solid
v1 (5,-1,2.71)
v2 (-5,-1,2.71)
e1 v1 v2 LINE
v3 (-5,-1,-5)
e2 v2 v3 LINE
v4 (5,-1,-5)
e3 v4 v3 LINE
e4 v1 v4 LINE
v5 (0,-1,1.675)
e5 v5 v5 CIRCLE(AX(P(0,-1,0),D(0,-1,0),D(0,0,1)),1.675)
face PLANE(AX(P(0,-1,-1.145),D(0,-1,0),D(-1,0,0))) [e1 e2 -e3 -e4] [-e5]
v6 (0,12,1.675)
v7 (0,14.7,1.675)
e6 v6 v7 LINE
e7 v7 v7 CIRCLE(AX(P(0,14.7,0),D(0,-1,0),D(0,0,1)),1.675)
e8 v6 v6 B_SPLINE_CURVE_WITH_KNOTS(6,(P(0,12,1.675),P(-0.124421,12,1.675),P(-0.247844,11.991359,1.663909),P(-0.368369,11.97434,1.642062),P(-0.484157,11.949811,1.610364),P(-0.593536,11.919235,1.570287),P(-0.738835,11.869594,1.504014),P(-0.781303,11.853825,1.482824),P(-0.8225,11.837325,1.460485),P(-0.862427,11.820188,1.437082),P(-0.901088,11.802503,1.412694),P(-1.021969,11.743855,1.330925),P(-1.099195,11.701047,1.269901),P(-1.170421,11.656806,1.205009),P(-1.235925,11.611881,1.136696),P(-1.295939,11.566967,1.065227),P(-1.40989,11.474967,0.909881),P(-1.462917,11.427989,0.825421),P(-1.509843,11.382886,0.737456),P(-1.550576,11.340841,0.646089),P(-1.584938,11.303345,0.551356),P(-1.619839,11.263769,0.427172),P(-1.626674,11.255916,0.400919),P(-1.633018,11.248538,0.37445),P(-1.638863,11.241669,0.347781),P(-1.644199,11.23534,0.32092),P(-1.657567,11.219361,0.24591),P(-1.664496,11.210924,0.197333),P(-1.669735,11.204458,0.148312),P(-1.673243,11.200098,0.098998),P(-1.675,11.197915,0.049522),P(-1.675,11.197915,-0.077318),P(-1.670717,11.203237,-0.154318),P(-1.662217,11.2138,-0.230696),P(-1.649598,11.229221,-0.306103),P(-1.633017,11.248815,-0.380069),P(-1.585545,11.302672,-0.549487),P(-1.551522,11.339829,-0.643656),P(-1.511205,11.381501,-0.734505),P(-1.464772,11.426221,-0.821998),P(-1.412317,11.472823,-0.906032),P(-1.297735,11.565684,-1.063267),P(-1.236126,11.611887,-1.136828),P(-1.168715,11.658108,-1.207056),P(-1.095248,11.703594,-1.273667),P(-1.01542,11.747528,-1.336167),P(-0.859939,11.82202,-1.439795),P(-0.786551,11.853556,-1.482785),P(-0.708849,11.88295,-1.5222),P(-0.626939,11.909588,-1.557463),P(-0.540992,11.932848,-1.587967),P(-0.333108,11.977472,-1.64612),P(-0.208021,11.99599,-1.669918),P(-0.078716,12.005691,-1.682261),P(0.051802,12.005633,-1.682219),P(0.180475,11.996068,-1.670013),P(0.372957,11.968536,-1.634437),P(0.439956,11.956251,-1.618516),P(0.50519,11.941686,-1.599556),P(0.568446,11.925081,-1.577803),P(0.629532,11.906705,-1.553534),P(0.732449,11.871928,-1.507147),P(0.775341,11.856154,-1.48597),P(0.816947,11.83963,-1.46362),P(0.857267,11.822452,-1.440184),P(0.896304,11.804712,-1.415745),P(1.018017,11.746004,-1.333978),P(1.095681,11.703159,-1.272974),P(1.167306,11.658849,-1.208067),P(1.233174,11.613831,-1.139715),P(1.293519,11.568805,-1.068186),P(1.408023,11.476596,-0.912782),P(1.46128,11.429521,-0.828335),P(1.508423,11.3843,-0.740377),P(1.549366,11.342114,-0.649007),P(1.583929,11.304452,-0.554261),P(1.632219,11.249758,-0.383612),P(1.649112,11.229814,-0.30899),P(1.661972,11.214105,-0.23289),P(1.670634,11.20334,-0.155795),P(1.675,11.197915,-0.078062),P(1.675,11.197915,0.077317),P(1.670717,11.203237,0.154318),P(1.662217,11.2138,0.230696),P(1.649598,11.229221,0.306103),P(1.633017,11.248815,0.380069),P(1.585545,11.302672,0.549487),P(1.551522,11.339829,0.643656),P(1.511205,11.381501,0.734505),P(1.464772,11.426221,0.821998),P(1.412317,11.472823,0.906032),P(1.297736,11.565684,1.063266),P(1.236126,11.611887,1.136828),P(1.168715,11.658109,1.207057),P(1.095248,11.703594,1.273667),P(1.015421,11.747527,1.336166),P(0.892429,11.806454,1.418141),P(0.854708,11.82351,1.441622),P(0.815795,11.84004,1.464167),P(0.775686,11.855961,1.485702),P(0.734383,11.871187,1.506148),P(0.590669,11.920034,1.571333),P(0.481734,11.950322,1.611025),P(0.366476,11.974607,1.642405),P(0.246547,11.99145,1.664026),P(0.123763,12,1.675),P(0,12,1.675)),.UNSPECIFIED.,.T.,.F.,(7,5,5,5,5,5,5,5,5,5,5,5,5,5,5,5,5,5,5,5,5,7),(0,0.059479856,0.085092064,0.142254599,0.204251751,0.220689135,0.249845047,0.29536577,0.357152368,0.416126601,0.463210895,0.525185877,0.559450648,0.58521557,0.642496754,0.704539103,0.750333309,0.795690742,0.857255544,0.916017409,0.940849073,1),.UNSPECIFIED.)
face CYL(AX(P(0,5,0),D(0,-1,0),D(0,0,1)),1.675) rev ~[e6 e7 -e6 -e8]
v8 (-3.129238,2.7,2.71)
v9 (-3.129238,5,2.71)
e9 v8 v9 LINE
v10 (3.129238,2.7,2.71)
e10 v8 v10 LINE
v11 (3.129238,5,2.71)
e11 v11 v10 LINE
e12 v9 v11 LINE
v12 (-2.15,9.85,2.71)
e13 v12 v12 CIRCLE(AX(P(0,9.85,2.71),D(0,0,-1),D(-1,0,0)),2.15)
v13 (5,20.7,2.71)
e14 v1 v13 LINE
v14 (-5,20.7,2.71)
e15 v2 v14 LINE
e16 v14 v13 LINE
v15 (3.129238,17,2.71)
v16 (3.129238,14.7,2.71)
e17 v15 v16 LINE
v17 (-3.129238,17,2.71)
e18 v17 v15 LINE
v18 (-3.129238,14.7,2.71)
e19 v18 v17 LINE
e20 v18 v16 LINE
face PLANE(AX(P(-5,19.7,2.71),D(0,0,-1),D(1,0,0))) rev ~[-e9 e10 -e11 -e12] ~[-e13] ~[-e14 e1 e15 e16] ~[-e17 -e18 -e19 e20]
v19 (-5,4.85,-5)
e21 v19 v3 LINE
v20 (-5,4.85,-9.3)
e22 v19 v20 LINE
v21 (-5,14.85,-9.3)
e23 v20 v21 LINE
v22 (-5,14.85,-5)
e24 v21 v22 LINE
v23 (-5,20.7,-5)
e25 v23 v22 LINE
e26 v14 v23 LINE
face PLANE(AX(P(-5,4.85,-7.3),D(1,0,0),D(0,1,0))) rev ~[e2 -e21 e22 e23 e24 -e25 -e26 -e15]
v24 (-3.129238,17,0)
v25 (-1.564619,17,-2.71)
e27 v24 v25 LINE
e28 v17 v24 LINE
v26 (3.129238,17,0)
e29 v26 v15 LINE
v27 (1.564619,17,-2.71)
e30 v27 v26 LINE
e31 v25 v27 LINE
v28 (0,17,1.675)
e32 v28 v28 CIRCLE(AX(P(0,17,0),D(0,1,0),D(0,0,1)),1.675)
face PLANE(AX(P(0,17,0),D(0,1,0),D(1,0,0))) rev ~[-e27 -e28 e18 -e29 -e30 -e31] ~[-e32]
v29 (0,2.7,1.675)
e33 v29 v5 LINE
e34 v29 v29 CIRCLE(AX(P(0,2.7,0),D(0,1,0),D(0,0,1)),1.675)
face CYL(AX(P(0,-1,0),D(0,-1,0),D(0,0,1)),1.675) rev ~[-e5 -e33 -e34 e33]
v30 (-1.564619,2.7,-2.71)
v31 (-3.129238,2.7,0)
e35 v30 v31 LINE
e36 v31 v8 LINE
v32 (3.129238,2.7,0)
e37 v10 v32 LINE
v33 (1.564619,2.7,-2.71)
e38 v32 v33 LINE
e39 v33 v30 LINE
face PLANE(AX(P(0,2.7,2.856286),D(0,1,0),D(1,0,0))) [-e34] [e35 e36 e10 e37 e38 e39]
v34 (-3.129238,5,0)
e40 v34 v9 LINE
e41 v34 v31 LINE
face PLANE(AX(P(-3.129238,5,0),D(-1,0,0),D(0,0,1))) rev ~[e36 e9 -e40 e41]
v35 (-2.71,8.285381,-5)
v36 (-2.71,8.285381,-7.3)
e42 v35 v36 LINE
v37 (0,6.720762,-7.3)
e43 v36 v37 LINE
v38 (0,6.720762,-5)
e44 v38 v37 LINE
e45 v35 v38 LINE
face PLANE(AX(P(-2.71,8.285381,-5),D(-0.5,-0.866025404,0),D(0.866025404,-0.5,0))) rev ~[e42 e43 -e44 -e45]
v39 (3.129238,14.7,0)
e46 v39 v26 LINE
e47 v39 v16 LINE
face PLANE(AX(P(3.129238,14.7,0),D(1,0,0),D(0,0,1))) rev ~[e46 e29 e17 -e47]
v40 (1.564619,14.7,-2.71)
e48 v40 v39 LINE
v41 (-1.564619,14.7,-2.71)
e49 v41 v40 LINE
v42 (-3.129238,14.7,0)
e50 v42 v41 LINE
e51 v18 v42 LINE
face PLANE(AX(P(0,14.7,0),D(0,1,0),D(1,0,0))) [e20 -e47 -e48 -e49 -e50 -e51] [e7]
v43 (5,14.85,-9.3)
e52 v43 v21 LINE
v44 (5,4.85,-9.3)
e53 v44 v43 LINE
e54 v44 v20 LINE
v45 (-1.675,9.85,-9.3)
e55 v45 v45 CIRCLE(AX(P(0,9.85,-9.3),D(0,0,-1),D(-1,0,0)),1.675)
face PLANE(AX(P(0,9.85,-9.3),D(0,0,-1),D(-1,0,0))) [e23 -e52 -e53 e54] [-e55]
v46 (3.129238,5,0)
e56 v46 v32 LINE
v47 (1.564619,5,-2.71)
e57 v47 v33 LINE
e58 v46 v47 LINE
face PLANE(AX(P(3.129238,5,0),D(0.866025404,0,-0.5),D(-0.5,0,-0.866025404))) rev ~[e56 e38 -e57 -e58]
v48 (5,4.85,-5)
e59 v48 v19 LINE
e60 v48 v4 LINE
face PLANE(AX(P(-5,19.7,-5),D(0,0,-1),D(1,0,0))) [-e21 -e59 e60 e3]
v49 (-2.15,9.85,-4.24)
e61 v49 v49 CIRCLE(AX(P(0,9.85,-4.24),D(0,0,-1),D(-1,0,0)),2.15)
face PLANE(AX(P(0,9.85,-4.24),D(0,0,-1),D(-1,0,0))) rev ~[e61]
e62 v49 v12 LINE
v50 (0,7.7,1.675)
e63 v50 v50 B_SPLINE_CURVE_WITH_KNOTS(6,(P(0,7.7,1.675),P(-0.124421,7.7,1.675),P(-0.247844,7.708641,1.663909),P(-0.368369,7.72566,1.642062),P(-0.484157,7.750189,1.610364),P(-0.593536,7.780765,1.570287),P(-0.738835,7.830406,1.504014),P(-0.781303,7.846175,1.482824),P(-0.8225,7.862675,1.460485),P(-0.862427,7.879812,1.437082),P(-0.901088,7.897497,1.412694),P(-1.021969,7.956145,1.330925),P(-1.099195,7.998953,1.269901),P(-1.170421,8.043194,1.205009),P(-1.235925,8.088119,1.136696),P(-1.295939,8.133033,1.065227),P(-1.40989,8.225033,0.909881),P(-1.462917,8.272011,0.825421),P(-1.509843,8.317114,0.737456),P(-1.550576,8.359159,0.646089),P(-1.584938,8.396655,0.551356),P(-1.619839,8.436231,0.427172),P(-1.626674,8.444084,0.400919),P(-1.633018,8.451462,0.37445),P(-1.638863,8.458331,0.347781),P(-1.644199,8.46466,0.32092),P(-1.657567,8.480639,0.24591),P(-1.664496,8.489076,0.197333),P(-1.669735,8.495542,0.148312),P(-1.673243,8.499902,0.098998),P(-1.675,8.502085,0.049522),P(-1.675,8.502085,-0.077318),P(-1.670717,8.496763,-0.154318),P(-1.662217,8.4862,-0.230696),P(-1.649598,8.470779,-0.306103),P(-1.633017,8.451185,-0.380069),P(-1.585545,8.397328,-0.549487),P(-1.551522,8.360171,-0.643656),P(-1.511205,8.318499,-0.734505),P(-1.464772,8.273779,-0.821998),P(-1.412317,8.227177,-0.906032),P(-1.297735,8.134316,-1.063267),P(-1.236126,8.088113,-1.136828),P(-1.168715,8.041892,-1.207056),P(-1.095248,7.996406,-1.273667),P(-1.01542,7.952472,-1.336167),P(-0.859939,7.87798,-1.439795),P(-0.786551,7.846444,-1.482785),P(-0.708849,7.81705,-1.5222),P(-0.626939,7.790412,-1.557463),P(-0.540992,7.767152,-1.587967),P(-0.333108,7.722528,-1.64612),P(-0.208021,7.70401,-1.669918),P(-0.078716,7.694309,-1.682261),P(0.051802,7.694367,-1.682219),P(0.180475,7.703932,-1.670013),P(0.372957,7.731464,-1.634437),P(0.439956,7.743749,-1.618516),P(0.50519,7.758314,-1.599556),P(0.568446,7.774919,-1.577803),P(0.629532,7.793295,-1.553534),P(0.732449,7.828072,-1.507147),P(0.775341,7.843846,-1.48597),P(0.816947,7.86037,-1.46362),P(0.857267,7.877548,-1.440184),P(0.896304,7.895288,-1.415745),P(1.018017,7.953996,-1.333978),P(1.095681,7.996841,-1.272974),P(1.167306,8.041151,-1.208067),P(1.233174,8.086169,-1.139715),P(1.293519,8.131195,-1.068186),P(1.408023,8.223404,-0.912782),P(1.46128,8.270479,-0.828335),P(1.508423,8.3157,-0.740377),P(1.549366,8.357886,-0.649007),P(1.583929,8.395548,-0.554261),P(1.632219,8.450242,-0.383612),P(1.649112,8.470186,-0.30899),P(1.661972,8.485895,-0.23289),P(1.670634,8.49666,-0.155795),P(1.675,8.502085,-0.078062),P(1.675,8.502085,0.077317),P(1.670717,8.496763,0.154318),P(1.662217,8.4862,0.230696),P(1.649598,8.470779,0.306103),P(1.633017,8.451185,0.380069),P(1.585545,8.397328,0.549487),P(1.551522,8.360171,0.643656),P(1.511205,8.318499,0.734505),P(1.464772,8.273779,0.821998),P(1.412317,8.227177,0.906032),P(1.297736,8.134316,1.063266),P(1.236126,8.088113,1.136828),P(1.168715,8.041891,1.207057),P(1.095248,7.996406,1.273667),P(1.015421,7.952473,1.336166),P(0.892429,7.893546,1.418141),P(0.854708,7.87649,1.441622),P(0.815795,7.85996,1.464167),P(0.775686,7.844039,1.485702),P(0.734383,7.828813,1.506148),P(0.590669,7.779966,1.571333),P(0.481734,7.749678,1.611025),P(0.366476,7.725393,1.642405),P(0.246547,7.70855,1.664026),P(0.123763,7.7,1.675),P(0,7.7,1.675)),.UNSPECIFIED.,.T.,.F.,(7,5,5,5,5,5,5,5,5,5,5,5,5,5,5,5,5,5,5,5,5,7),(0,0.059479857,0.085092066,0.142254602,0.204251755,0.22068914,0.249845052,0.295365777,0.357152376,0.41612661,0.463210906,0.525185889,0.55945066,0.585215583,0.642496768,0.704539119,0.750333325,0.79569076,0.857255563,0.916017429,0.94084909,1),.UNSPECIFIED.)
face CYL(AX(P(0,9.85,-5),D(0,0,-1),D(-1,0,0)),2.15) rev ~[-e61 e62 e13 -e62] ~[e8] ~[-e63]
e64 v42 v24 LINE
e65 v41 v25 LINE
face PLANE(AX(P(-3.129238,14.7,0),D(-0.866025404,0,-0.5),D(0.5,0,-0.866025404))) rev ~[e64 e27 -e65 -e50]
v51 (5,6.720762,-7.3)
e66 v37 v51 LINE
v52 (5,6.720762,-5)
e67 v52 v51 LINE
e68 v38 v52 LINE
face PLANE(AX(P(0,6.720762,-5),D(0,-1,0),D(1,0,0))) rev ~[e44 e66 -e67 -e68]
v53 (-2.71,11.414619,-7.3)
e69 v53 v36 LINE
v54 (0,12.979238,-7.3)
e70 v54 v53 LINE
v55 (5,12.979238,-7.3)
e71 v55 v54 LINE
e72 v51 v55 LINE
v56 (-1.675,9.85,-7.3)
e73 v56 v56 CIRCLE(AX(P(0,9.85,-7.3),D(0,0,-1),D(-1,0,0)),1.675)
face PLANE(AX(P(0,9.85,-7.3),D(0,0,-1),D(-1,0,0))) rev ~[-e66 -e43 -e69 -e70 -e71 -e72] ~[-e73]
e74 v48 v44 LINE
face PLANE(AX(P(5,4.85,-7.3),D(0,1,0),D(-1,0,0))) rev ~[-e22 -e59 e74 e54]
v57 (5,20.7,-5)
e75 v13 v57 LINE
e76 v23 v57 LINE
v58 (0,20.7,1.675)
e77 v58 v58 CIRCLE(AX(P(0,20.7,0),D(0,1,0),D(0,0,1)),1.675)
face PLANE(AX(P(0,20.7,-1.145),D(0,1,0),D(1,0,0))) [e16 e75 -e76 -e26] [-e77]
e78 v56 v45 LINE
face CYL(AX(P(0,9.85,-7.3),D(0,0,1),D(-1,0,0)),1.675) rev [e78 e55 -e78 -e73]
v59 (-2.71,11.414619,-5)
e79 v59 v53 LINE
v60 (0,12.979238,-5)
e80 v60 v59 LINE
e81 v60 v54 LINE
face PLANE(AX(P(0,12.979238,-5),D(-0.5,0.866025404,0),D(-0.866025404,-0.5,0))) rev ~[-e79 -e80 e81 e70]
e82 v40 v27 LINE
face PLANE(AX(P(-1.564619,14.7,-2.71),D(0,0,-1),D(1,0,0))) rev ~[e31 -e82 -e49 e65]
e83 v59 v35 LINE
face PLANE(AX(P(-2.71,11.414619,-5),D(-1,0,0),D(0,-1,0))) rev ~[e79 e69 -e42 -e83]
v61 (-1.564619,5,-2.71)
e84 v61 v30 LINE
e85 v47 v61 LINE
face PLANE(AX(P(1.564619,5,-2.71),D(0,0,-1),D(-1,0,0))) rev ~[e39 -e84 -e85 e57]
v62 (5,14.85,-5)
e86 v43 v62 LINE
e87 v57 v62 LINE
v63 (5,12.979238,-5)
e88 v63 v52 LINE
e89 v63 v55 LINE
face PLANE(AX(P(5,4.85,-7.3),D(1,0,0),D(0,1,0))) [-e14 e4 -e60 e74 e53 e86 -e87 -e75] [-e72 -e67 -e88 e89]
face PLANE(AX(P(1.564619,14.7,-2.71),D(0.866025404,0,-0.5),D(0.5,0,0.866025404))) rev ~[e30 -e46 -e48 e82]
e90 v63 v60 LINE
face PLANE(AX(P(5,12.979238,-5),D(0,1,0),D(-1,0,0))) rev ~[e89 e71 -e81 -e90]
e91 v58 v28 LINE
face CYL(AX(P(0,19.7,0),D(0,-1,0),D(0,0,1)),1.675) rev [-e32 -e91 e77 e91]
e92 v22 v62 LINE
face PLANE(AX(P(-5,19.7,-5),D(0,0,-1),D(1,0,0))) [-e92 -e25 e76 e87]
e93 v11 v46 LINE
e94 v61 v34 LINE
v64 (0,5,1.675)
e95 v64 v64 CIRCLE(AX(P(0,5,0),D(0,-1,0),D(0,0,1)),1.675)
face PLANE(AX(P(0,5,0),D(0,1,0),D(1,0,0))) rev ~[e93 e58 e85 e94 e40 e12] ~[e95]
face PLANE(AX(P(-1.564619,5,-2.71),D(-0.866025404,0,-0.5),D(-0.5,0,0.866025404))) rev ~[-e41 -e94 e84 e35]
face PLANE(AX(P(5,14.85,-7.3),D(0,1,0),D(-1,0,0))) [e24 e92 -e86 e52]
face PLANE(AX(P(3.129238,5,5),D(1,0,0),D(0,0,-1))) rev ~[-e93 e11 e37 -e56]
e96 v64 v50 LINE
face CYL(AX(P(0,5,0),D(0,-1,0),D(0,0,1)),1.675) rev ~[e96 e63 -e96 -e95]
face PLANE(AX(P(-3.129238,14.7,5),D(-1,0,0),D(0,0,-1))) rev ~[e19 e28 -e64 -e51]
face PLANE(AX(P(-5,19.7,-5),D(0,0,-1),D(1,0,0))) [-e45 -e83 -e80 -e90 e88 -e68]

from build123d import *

# Parameters (mm, degrees)
SKETCH1_W               = 10
SKETCH1_H               = 10
BOSS_EXTRUDE1_DEPTH     = 5
CUT_EXTRUDE1_DEPTH      = 9.660254038
CUT_EXTRUDE1_DEPTH_BACK = 9.660254038
SKETCH2_R               = 1.675
SKETCH3_R               = 1.675
CUT_EXTRUDE3_DEPTH      = 2.3
SKETCH4_W               = 10
SKETCH4_H               = 10
BOSS_EXTRUDE2_DEPTH     = 2.7
SKETCH6_W               = 10
SKETCH6_H               = 10
BOSS_EXTRUDE3_DEPTH     = 7
SKETCH9_R               = 2.15
CUT_EXTRUDE12_DEPTH     = 19.468622038
SKETCH10_R              = 1.675
CUT_EXTRUDE13_DEPTH     = 13.003749414
BOSS_EXTRUDE4_DEPTH     = 2.3
SKETCH12_W              = 10
SKETCH12_H              = 10
BOSS_EXTRUDE5_DEPTH     = 2.7
CUT_EXTRUDE14_START     = -2.7
SKETCH13_R              = 1.675
CUT_EXTRUDE14_DEPTH     = 2.7
SKETCH14_R              = 2.15
BOSS_EXTRUDE6_DEPTH     = 0.76
SKETCH16_W              = 10
SKETCH16_H              = 19.7
CUT_EXTRUDE15_DEPTH     = 2.29
BOSS_EXTRUDE7_START     = 1
SKETCH17_W              = 10
SKETCH17_H              = 7.71
SKETCH17_R              = 1.675
BOSS_EXTRUDE7_DEPTH     = 1
SKETCH18_W              = 10
SKETCH18_H              = 7.71
SKETCH18_R              = 1.675
BOSS_EXTRUDE9_DEPTH     = 1
BOSS_EXTRUDE13_DEPTH    = 2.3
SKETCH23_W              = 10
SKETCH23_H              = 10
SKETCH23_R              = 1.675
BOSS_EXTRUDE15_DEPTH    = 2


with BuildPart() as part:
    # Sketch1 → Boss-Extrude1 (new body)
    with BuildSketch(Plane(origin=(0, 0, 0), x_dir=(1, 0, 0), z_dir=(0, 1, 0))):
        Rectangle(SKETCH1_W, SKETCH1_H)
    extrude(amount=BOSS_EXTRUDE1_DEPTH)

    # Sketch2 → Cut-Extrude1 (cut, two sides: drawn at the far end of the back side and taken through both)
    with BuildSketch(Plane(origin=(0, 5, 0), x_dir=(1, 0, 0), z_dir=(0, 1, 0)).offset(-CUT_EXTRUDE1_DEPTH_BACK)):
        with Locations(Location((0, 0, 0), (0, 0, 270))):
            Circle(SKETCH2_R)
    extrude(amount=CUT_EXTRUDE1_DEPTH + CUT_EXTRUDE1_DEPTH_BACK, mode=Mode.SUBTRACT)

    # Sketch3 → Cut-Extrude3 (cut)
    # profile 1 of 2: a face of its own
    with BuildSketch(Plane(origin=(0, 5, 0), x_dir=(1, 0, 0), z_dir=(0, 1, 0))):
        Polygon((-1.56461923, -2.71), (1.56461923, -2.71), (3.129238459, 0), (1.56461923, 2.71), (-1.56461923, 2.71), (-3.129238459, 0), align=None)
        with Locations(Location((0, 0, 0), (0, 0, 270))):
            Circle(SKETCH3_R, mode=Mode.SUBTRACT)
    # profile 2 of 2: a face of its own
    with BuildSketch(Plane(origin=(0, 5, 0), x_dir=(1, 0, 0), z_dir=(0, 1, 0))):
        Polygon((-1.56461923, -2.71), (-3.129238459, 0), (-3.129238459, -5), (3.129238459, -5), (3.129238459, 0), (1.56461923, -2.71), align=None)
    extrude(amount=-CUT_EXTRUDE3_DEPTH, mode=Mode.SUBTRACT)

    # Sketch4 → Boss-Extrude2 (add)
    with BuildSketch(Plane(origin=(0, 5, 0), x_dir=(1, 0, 0), z_dir=(0, 1, 0))):
        Rectangle(SKETCH4_W, SKETCH4_H)
    extrude(amount=BOSS_EXTRUDE2_DEPTH)

    # Sketch6 → Boss-Extrude3 (add)
    with BuildSketch(Plane(origin=(0, 7.7, 0), x_dir=(1, 0, 0), z_dir=(0, 1, 0))):
        Rectangle(SKETCH6_W, SKETCH6_H)
    extrude(amount=BOSS_EXTRUDE3_DEPTH)

    # Sketch9 → Cut-Extrude12 (cut, through all)
    with BuildSketch(Plane(origin=(0, 0, -5), x_dir=(-1, 0, 0), z_dir=(0, 0, -1))):
        with Locations((0, 9.85)):
            Circle(SKETCH9_R)
    extrude(amount=-CUT_EXTRUDE12_DEPTH, mode=Mode.SUBTRACT)

    # Sketch10 → Cut-Extrude13 (cut, through all)
    with BuildSketch(Plane.XZ.offset(-5)):
        with Locations(Location((0, 0, 0), (0, 0, 90))):
            Circle(SKETCH10_R)
    extrude(amount=-CUT_EXTRUDE13_DEPTH, mode=Mode.SUBTRACT)

    # Sketch11 → Boss-Extrude4 (add)
    with BuildSketch(Plane(origin=(0, 14.7, 0), x_dir=(1, 0, 0), z_dir=(0, 1, 0))):
        Polygon((1.56461923, 2.71), (3.129238459, 0), (3.129238459, -5), (5, -5), (5, 5), (-5, 5), (-5, -5), (-3.129238459, -5), (-3.129238459, 0), (-1.56461923, 2.71), align=None)
    extrude(amount=BOSS_EXTRUDE4_DEPTH)

    # Sketch12 → Boss-Extrude5 (add)
    with BuildSketch(Plane(origin=(0, 17, 0), x_dir=(1, 0, 0), z_dir=(0, 1, 0))):
        Rectangle(SKETCH12_W, SKETCH12_H)
    extrude(amount=BOSS_EXTRUDE5_DEPTH)

    # Sketch13 → Cut-Extrude14 (cut)
    with BuildSketch(Plane(origin=(0, 19.7, 0), x_dir=(1, 0, 0), z_dir=(0, 1, 0)).offset(CUT_EXTRUDE14_START)):
        with Locations(Location((0, 0, 0), (0, 0, 270))):
            Circle(SKETCH13_R)
    extrude(amount=CUT_EXTRUDE14_DEPTH, mode=Mode.SUBTRACT)

    # Sketch16 → Cut-Extrude15 (cut)
    with BuildSketch(Plane.XY.offset(5)):
        with Locations((0, 9.85)):
            Rectangle(SKETCH16_W, SKETCH16_H)
    extrude(amount=-CUT_EXTRUDE15_DEPTH, mode=Mode.SUBTRACT)

    # Sketch17 → Boss-Extrude7 (add)
    with BuildSketch(Plane(origin=(0, 0, 0), x_dir=(-1, 0, 0), z_dir=(0, -1, 0)).offset(BOSS_EXTRUDE7_START)):
        with Locations((0, 1.145)):
            Rectangle(SKETCH17_W, SKETCH17_H)
        with Locations(Location((0, 0, 0), (0, 0, 270))):
            Circle(SKETCH17_R, mode=Mode.SUBTRACT)
    extrude(amount=-BOSS_EXTRUDE7_DEPTH)

    # Sketch18 → Boss-Extrude9 (add)
    with BuildSketch(Plane(origin=(0, 19.7, 0), x_dir=(1, 0, 0), z_dir=(0, 1, 0))):
        with Locations((0, 1.145)):
            Rectangle(SKETCH18_W, SKETCH18_H)
        with Locations(Location((0, 0, 0), (0, 0, 270))):
            Circle(SKETCH18_R, mode=Mode.SUBTRACT)
    extrude(amount=BOSS_EXTRUDE9_DEPTH)


with BuildPart() as body_2:
    # Sketch14 → Boss-Extrude6 (new body)
    with BuildSketch(Plane(origin=(0, 0, -5), x_dir=(-1, 0, 0), z_dir=(0, 0, -1))):
        with Locations((0, 9.85)):
            Circle(SKETCH14_R)
    extrude(amount=-BOSS_EXTRUDE6_DEPTH)


    add(part.part)  # Boss-Extrude13 merges part
    # Sketch22 → Boss-Extrude13 (add)
    with BuildSketch(Plane(origin=(0, 0, -5), x_dir=(-1, 0, 0), z_dir=(0, 0, -1))):
        Polygon((-5, 12.979238459), (0, 12.979238459), (2.71, 11.41461923), (2.71, 8.28538077), (0, 6.720761541), (-5, 6.720761541), (-5, 4.85), (5, 4.85), (5, 14.85), (-5, 14.85), align=None)
    extrude(amount=BOSS_EXTRUDE13_DEPTH)

    # Sketch23 → Boss-Extrude15 (add)
    with BuildSketch(Plane(origin=(0, 0, -7.3), x_dir=(-1, 0, 0), z_dir=(0, 0, -1))):
        with Locations((0, 9.85)):
            Rectangle(SKETCH23_W, SKETCH23_H)
        with Locations((0, 9.85)):
            Circle(SKETCH23_R, mode=Mode.SUBTRACT)
    extrude(amount=BOSS_EXTRUDE15_DEPTH)


solid = body_2.part
